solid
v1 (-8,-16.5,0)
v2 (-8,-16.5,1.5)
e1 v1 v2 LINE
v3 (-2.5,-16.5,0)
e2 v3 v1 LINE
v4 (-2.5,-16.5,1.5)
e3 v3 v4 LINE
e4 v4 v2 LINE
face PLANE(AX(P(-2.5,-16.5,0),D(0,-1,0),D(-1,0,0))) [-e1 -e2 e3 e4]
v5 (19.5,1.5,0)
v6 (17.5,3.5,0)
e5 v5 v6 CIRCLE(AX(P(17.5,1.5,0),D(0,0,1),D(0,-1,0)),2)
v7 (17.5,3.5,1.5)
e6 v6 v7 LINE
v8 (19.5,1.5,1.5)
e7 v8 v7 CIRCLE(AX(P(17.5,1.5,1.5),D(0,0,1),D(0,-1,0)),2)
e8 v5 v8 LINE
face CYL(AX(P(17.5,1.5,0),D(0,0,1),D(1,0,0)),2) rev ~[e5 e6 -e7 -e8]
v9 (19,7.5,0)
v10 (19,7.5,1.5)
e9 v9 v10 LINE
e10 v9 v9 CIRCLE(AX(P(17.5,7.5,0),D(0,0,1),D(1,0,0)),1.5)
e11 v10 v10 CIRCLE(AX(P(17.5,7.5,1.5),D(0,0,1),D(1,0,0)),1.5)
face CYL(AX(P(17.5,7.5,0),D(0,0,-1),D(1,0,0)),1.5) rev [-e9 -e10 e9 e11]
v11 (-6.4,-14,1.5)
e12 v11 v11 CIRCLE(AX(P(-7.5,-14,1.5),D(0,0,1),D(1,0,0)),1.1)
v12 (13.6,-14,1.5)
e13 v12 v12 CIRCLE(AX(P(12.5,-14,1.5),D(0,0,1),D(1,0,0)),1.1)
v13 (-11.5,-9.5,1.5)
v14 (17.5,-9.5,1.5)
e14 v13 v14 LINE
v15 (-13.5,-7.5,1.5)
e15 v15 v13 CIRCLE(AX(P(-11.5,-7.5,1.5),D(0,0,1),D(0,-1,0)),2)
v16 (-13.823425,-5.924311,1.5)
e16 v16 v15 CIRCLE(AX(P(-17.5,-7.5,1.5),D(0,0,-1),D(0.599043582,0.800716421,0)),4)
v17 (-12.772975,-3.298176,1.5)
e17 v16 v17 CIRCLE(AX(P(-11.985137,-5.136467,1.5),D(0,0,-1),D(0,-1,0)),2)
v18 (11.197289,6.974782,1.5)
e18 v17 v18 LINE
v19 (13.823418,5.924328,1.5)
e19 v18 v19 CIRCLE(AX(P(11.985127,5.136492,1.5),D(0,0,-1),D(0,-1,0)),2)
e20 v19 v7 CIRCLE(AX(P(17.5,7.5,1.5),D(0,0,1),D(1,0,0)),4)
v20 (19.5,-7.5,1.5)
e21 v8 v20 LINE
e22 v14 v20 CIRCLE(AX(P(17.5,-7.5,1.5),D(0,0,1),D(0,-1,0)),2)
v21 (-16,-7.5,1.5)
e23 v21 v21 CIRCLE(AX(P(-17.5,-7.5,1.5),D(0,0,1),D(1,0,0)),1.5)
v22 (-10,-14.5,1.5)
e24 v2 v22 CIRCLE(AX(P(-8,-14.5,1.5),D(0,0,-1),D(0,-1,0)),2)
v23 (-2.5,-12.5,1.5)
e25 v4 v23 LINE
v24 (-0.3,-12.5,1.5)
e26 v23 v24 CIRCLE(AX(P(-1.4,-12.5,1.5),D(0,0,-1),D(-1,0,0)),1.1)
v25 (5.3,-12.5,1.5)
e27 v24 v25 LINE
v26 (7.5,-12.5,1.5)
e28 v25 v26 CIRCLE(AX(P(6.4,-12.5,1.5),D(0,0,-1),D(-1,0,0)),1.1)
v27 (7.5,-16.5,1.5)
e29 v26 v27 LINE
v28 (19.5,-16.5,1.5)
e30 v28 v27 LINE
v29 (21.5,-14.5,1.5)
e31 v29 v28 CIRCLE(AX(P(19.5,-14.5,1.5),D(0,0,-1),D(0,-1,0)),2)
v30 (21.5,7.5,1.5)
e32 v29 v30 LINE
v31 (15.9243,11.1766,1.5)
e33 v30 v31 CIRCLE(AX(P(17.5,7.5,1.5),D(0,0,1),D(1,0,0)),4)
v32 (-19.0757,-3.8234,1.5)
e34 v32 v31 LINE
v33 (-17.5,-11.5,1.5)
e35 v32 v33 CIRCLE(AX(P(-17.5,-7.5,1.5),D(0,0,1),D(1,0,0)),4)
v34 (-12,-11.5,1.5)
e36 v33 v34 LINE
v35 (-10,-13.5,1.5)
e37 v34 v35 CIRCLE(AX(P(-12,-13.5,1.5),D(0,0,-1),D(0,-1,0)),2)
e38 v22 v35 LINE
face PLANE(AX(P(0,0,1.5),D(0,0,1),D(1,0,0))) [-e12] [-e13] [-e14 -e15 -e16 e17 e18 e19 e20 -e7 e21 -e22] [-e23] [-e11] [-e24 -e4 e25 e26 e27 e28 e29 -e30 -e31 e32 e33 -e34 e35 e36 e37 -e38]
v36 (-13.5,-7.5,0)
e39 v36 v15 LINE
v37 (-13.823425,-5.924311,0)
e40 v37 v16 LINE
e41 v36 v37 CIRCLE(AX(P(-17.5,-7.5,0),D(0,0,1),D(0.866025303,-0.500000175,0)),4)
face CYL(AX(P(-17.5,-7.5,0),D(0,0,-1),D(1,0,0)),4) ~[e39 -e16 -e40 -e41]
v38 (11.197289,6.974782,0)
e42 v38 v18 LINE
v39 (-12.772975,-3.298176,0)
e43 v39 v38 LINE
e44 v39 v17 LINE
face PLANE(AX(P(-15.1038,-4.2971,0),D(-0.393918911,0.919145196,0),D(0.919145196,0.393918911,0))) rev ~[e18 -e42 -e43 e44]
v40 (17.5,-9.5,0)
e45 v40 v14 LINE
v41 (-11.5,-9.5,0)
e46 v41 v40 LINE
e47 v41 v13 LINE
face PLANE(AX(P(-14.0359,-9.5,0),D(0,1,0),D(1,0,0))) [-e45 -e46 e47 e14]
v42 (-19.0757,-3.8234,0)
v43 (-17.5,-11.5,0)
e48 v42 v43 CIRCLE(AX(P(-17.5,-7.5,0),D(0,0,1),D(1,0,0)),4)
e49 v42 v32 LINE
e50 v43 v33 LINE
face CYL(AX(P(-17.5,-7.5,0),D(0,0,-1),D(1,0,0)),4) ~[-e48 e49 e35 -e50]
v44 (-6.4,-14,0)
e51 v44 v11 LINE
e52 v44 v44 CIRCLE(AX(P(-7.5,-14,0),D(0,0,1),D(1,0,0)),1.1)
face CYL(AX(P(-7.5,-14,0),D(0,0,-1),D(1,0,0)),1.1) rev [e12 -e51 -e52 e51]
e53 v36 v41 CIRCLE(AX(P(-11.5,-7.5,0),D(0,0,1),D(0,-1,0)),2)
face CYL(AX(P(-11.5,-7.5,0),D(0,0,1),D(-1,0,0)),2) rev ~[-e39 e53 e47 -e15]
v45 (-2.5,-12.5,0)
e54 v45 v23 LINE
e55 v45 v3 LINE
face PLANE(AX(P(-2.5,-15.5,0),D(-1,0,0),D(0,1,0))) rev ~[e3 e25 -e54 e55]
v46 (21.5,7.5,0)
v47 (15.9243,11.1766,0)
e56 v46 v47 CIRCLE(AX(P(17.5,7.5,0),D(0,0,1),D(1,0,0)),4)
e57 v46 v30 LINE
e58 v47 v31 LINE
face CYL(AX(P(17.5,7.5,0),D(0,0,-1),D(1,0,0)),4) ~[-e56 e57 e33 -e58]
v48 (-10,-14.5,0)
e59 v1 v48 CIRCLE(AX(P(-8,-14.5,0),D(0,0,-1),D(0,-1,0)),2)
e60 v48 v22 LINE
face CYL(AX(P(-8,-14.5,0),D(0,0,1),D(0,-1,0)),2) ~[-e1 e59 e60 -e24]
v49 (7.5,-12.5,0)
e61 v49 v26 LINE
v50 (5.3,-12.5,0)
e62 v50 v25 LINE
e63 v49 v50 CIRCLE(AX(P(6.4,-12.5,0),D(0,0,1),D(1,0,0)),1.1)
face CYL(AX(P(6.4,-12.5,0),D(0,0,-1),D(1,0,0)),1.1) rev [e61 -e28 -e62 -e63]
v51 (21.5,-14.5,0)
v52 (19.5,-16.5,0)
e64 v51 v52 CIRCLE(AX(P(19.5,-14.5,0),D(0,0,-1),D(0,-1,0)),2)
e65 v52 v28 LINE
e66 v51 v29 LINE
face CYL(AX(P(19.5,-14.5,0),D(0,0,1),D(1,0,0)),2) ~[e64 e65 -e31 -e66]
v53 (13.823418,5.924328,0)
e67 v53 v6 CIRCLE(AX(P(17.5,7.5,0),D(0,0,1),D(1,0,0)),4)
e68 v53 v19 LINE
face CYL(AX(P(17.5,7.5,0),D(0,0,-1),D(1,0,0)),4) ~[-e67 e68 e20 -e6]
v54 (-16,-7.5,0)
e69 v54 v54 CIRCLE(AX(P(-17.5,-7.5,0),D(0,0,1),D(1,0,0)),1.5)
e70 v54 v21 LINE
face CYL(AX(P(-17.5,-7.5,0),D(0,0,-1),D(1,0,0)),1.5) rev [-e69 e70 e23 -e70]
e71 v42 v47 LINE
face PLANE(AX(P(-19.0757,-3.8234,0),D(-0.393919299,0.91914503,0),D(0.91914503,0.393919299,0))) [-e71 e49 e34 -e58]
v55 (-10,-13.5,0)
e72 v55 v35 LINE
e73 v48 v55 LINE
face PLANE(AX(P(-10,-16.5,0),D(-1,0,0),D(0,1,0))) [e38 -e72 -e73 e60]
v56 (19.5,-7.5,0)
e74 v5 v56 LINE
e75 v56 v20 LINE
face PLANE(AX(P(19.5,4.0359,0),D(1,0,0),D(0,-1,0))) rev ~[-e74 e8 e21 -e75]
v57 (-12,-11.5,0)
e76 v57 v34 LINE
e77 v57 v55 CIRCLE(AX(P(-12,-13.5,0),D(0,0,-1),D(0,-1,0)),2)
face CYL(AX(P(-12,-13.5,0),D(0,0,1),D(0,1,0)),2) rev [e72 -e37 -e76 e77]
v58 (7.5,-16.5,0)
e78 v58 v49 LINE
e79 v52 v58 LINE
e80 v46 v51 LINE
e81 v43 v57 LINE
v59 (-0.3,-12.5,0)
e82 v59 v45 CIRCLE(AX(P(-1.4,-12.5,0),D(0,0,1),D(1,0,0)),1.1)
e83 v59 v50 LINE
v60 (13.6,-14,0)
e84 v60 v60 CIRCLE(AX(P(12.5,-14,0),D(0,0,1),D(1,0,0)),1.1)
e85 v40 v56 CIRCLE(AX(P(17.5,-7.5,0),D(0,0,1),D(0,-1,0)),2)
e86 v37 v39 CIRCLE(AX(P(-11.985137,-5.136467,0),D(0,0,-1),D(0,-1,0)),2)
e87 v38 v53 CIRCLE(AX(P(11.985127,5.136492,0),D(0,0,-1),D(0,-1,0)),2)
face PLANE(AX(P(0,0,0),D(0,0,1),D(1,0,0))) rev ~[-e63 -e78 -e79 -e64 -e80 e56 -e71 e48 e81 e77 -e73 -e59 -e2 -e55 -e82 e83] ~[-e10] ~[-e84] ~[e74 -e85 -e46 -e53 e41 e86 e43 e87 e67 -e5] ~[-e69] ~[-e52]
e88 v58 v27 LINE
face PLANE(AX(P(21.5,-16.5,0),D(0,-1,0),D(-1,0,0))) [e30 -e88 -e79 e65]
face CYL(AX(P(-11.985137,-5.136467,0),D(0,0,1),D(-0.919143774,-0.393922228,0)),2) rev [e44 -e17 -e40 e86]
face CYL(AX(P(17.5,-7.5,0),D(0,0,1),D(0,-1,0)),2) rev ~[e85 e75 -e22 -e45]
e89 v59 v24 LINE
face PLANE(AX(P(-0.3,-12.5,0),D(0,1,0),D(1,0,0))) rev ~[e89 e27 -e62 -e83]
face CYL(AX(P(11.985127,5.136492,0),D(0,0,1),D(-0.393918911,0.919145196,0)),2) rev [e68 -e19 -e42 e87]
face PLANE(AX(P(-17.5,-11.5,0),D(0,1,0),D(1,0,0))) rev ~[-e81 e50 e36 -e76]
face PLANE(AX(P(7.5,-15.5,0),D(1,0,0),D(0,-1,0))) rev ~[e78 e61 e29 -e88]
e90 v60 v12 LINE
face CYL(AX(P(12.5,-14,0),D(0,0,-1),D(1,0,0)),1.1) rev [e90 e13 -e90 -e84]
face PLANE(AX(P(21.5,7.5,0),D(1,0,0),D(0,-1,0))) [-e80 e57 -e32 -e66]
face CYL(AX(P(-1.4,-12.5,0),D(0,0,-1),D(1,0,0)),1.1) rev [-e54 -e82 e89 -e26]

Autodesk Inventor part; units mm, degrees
ref_plane "YZ Plane" through (0, 0, 0) normal (1, 0, 0) x (0, 1, 0)
ref_plane "XZ Plane" through (0, 0, 0) normal (0, 1, 0) x (-1, 0, 0)
ref_plane "XY Plane" through (0, 0, 0) normal (0, 0, 1) x (1, 0, 0)
sketch "スケッチ1" plane through (0, 0, 0) normal (0, 0, 1) x (1, 0, 0)
  circle A0 centre (-17.5, -7.5) radius 1.5
  circle A1 centre (17.5, 7.5) radius 1.5
  circle A2 centre (-17.5, -7.5) radius 4
  circle A3 centre (17.5, 7.5) radius 4
  line L0 (-2.5, -12.5) -> (7.5, -12.5)
  line L1 (7.5, -12.5) -> (7.5, -15.5)
  line L2 (7.5, -15.5) -> (-2.5, -15.5)
  line L3 (-2.5, -15.5) -> (-2.5, -12.5)
  circle A4 centre (-1.4, -12.5) radius 1.1
  line L4 (-2.5, -14) -> (7.5, -14) construction
  line L5 (2.5, -14) -> (2.5, -12.5) construction
  circle A5 centre (-1.4, -15.5) radius 1.1
  circle A6 centre (6.4, -12.5) radius 1.1
  circle A7 centre (6.4, -15.5) radius 1.1
  circle A8 centre (-7.5, -14) radius 1.1
  circle A9 centre (12.5, -14) radius 1.1
  line L6 (-19.0757, -3.8234) -> (15.9243, 11.1766)
  line L7 (21.5, 7.5) -> (21.5, -11.5)
  line L8 (-10, -11.5) -> (21.5, -11.5)
  line L9 (21.5, -11.5) -> (21.5, -16.5)
  line L10 (21.5, -16.5) -> (-10, -16.5)
  line L11 (-10, -16.5) -> (-10, -11.5)
  line L12 (-2.5, -15.5) -> (-2.5, -16.5)
  line L13 (7.5, -15.5) -> (7.5, -16.5)
  line L14 (-17.5, -11.5) -> (-10, -11.5)
  line L15 (21.5, -11.5) -> (21.5, -11.5)
  line L16 (-14.0359, -9.5) -> (19.5, -9.5)
  line L17 (19.5, 4.0359) -> (19.5, -9.5)
  line L18 (-15.1038, -4.2971) -> (13.5281, 7.9737)
  point P0 (0, 0)
  point P1 (-0.3, -12.5)
  point P2 (5.3, -12.5)
  point P3 (7.5, -12.5)
  dimension "d12" = 2.2
  dimension "d0" = 3
  dimension "d1" = 3
  dimension "d2" = 35
  dimension "d5" = 7.5
  dimension "d6" = 15
  dimension "d7" = 17.5
  dimension "d8" = 8
  dimension "d9" = 8
  dimension "d10" = 10
  dimension "d11" = 3
  dimension "d13" = 2.2
  dimension "d14" = 5
  dimension "d15" = 20
  dimension "d19" = 2.5
  dimension "d21" = 1
  dimension "d22" = 2
  dimension "d23" = 2
  dimension "d24" = 2
  dimension "d29" = 5
extrude "押し出し1" add sketch "スケッチ1" along normal blind 1.5 contours A2 | A2 L6 A3 L18 | L16 L17 A3 L7 L8 A6 A4 L14 A2 | A3 | L8 A4 L3 L12 L10 L11 | L9 L10 L13 L1 A6 L8 | L8 A6 L0 A4
fillet "フィレット1" radius 2 8 edges at (-10, -16.5, 0.75) (-10, -11.5, 0.75) (19.5, -9.5, 0.75) (21.5, -16.5, 0.75) (19.5, 4.0359, 0.75) (13.5281, 7.9737, 0.75) (-14.0359, -9.5, 0.75) (-15.1038, -4.2971, 0.75)
equation "\"d7\" = 0.5 * d2"
equation "\"d8\" = d9"
equation "\"d22\" = d24"
equation "\"d24\" = d23"
properties part number "シン・足首"
